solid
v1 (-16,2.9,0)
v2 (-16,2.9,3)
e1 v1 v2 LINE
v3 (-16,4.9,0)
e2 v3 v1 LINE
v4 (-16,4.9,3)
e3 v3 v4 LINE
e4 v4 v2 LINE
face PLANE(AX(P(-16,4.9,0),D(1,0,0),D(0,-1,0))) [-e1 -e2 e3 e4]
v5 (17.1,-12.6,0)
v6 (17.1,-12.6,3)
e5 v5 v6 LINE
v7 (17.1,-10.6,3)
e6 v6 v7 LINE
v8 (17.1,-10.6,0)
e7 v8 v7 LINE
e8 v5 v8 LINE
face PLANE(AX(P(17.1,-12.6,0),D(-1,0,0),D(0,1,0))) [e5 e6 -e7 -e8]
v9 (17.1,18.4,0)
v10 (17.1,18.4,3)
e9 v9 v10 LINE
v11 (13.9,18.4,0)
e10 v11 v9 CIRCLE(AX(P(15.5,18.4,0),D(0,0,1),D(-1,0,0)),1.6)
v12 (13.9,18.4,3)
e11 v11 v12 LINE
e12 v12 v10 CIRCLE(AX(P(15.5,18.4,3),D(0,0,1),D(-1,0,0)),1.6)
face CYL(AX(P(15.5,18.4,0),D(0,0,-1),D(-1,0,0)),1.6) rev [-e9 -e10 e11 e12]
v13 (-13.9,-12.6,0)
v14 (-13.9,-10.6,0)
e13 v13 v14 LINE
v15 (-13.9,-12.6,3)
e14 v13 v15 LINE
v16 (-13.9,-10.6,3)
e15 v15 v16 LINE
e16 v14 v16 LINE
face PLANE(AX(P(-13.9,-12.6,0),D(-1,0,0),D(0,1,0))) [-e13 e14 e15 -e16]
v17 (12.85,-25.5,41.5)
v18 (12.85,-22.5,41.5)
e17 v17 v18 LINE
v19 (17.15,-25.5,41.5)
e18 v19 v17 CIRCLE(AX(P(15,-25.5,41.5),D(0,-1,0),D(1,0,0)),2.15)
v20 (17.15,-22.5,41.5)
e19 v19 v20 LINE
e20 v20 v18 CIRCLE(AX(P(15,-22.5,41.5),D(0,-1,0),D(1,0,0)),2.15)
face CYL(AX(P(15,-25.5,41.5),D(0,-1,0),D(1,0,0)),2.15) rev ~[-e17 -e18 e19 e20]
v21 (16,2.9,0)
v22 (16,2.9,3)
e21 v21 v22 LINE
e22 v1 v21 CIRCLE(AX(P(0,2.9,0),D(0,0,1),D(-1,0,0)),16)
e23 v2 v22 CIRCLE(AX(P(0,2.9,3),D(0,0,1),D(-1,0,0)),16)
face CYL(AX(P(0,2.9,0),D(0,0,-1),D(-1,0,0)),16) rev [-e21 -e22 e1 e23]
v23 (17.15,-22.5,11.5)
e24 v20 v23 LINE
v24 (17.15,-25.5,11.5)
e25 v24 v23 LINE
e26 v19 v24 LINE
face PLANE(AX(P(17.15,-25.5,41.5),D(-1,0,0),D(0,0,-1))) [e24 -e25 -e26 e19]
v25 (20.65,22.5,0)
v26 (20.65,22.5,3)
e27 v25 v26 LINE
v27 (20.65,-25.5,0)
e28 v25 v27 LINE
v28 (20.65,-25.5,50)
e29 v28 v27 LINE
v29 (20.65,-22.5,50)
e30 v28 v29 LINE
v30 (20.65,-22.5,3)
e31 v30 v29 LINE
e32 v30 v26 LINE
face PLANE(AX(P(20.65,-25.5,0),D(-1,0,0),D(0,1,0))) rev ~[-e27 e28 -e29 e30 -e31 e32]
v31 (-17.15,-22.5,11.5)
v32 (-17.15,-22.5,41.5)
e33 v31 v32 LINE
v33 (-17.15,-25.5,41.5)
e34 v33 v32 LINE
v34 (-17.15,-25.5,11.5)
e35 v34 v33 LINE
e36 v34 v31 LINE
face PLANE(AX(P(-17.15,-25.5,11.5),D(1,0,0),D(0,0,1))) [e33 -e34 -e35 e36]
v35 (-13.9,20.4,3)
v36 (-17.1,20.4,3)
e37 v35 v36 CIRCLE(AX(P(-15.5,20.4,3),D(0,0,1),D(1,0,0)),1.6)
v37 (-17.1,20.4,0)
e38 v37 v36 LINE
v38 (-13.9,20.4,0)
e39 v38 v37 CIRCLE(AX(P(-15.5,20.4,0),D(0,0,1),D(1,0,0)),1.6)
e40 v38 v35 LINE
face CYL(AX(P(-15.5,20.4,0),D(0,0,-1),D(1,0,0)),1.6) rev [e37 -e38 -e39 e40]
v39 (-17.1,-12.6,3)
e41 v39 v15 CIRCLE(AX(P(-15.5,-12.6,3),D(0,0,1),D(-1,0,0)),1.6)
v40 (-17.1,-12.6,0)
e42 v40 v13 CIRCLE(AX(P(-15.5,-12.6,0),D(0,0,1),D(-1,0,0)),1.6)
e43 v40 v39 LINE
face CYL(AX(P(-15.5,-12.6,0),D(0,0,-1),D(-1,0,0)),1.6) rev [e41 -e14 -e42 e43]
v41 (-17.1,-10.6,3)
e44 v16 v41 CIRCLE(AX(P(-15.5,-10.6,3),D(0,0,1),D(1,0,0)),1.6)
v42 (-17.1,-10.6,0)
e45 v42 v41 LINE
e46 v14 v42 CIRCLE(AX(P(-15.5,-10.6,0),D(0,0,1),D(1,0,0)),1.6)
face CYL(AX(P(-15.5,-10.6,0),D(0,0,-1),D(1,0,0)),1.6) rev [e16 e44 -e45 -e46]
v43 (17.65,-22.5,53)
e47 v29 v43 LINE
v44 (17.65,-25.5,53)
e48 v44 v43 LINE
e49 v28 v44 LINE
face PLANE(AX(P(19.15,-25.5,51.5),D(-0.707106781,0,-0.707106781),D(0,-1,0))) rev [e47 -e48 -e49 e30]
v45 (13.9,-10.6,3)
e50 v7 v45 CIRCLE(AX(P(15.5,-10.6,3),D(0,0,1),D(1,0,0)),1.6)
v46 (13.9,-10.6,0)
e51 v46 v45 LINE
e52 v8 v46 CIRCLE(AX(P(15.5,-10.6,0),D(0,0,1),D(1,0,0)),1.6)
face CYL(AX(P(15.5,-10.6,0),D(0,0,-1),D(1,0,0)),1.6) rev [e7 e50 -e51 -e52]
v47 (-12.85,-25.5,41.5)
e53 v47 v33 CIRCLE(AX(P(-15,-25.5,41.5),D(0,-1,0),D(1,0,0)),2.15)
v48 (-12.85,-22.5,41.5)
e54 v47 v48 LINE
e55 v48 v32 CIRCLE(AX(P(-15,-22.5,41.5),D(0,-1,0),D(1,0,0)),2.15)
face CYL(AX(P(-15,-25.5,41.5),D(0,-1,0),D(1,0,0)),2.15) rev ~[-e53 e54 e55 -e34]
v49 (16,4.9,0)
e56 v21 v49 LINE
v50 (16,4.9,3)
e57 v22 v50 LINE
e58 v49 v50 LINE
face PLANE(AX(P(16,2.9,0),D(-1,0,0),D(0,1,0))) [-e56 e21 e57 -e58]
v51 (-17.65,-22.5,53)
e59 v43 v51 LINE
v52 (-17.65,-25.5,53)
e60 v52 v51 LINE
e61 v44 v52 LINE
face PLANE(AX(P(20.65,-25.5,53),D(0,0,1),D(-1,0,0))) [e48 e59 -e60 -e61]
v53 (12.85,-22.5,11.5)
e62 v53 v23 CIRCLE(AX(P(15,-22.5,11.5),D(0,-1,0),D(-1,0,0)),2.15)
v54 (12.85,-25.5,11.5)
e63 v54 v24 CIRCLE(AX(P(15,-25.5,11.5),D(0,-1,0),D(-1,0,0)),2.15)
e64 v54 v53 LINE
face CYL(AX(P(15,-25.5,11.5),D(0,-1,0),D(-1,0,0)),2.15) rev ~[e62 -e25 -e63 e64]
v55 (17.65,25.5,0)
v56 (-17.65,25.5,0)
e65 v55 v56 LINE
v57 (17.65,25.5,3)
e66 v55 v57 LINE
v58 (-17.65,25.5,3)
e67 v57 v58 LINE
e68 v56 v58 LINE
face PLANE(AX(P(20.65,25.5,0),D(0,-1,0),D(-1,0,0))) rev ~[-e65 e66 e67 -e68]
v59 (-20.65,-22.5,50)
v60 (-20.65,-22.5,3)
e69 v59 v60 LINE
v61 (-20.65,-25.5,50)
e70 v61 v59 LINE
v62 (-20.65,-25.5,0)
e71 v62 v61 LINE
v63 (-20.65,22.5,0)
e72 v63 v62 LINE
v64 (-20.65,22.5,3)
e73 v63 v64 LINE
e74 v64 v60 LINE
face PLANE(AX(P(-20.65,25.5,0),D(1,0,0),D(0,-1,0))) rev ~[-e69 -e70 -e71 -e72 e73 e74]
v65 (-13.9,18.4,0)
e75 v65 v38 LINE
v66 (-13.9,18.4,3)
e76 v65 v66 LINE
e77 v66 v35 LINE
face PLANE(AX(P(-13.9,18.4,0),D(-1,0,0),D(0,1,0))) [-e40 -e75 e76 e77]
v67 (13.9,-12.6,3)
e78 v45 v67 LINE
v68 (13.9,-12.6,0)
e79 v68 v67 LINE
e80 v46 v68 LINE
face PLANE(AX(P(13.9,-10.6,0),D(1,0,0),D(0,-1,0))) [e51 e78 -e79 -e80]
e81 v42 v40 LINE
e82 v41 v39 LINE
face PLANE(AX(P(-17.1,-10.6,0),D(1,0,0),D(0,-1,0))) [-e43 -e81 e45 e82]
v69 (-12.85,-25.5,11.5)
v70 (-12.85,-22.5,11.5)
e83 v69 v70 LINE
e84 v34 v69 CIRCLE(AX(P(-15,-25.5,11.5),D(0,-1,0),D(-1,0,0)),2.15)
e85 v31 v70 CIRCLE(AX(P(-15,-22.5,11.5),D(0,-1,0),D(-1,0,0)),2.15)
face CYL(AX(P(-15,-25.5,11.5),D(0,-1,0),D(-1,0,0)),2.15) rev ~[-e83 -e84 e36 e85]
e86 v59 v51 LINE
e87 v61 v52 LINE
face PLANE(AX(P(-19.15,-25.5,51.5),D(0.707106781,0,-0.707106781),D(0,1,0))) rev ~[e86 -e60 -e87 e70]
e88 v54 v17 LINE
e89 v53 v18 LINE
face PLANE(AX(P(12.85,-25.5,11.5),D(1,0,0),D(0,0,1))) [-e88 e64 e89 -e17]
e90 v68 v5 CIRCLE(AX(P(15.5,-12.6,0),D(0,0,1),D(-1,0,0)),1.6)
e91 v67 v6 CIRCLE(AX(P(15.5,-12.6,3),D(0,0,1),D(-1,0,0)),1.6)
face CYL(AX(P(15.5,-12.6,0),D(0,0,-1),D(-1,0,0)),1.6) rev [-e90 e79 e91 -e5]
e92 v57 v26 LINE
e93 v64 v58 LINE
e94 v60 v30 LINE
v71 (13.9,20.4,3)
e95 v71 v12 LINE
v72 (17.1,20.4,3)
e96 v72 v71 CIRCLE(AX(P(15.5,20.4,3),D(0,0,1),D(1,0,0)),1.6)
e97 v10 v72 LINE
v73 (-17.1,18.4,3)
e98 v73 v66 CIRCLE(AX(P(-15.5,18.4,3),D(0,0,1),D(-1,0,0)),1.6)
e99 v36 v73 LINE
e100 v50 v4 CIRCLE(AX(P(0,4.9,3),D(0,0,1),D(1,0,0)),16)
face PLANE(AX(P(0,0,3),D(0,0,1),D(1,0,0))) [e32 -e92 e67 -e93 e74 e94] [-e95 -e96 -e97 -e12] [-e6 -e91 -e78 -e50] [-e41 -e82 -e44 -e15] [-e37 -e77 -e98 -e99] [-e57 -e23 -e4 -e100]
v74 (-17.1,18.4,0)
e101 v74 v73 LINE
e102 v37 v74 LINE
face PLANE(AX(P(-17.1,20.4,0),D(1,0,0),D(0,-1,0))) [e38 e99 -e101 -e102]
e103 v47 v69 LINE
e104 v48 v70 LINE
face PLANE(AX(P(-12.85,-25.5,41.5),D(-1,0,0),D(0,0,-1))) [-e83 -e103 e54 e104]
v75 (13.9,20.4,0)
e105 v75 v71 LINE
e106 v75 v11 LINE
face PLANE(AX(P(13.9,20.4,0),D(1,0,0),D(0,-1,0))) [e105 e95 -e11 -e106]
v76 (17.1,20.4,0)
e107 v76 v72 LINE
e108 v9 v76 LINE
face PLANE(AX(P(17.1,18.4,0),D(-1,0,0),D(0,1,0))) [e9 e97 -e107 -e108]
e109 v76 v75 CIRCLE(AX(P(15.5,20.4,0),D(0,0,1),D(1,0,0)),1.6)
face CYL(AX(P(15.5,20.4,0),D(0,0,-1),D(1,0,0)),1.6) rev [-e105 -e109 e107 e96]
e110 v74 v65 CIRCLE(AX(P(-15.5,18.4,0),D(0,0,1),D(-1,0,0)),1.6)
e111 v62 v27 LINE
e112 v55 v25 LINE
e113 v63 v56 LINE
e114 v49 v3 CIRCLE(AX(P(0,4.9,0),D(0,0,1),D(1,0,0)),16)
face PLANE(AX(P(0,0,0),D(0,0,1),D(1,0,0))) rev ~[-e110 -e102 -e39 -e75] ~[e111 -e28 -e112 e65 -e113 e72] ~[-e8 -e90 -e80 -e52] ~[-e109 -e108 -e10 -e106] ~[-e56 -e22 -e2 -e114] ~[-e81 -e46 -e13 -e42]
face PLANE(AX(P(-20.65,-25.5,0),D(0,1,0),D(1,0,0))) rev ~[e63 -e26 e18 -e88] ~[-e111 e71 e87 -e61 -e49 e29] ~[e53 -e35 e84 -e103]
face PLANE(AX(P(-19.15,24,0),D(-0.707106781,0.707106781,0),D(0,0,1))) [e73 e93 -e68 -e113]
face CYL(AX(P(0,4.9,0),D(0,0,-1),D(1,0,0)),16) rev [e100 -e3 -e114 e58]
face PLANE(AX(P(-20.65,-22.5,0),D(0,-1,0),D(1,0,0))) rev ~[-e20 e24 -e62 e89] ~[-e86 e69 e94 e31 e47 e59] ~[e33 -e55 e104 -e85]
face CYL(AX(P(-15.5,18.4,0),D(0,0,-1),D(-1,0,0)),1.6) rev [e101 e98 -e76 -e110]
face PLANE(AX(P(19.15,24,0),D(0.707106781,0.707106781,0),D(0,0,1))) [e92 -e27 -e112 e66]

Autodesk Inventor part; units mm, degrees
ref_plane "YZ Plane" through (0, 0, 0) normal (1, 0, 0) x (0, 1, 0)
ref_plane "XZ Plane" through (0, 0, 0) normal (0, 1, 0) x (-1, 0, 0)
ref_plane "XY Plane" through (0, 0, 0) normal (0, 0, 1) x (1, 0, 0)
sketch "Sketch1" plane through (0, 0, 0) normal (0, 0, 1) x (1, 0, 0)
  line L0 (-20.65, -25.5) -> (20.65, -25.5)
  line L1 (20.65, -25.5) -> (20.65, 25.5)
  line L2 (20.65, 25.5) -> (-20.65, 25.5)
  line L3 (-20.65, 25.5) -> (-20.65, -25.5)
  line L4 (-20.65, -25.5) -> (20.65, 25.5) construction
  line L5 (20.65, -25.5) -> (-20.65, 25.5) construction
  line L6 (0, 2.9) -> (0, 4.9) construction
  line L7 (16, 2.9) -> (16, 4.9)
  line L8 (-16, 4.9) -> (-16, 2.9)
  arc A0 (-16, 2.9) -> (16, 2.9) centre (0, 2.9) ccw
  arc A1 (16, 4.9) -> (-16, 4.9) centre (0, 4.9) ccw
  line L9 (-15.5, 20.4) -> (-15.5, 18.4) construction
  line L10 (-17.1, 20.4) -> (-17.1, 18.4)
  line L11 (-13.9, 18.4) -> (-13.9, 20.4)
  arc A2 (-13.9, 20.4) -> (-17.1, 20.4) centre (-15.5, 20.4) ccw
  arc A3 (-17.1, 18.4) -> (-13.9, 18.4) centre (-15.5, 18.4) ccw
  line L12 (15.5, 20.4) -> (15.5, 18.4) construction
  line L13 (13.9, 20.4) -> (13.9, 18.4)
  line L14 (17.1, 18.4) -> (17.1, 20.4)
  arc A4 (17.1, 20.4) -> (13.9, 20.4) centre (15.5, 20.4) ccw
  arc A5 (13.9, 18.4) -> (17.1, 18.4) centre (15.5, 18.4) ccw
  line L15 (15.5, -10.6) -> (15.5, -12.6) construction
  line L16 (13.9, -10.6) -> (13.9, -12.6)
  line L17 (17.1, -12.6) -> (17.1, -10.6)
  arc A6 (17.1, -10.6) -> (13.9, -10.6) centre (15.5, -10.6) ccw
  arc A7 (13.9, -12.6) -> (17.1, -12.6) centre (15.5, -12.6) ccw
  line L18 (-15.5, -10.6) -> (-15.5, -12.6) construction
  line L19 (-17.1, -10.6) -> (-17.1, -12.6)
  line L20 (-13.9, -12.6) -> (-13.9, -10.6)
  arc A8 (-13.9, -10.6) -> (-17.1, -10.6) centre (-15.5, -10.6) ccw
  arc A9 (-17.1, -12.6) -> (-13.9, -12.6) centre (-15.5, -12.6) ccw
  point P0 (0, 0)
  point P1 (0, 3.9)
  point P2 (-15.5, 19.4)
  point P3 (15.5, 19.4)
  point P4 (15.5, -11.6)
  point P5 (-15.5, -11.6)
  dimension "d0" = 51
  dimension "d1" = 41.3
  dimension "d2" = 28.4
  dimension "d3" = 2
  dimension "d4" = 16
  dimension "d5" = 2
  dimension "d6" = 31
  dimension "d7" = 31
  dimension "d8" = 1.6
  dimension "d10" = 15.5
  dimension "d11" = 15.5
  dimension "d22" = 51
extrude "Extrusion1" add sketch "Sketch1" along normal blind 3
sketch "Sketch2" plane through (-20.65, -25.5, 0) normal (0, -1, 0) x (1, 0, 0)
  line L0 (41.3, 0) -> (41.3, 3) projected
  line L1 (0, 0) -> (41.3, 0)
  line L2 (41.3, 0) -> (41.3, 53)
  line L3 (41.3, 53) -> (0, 53)
  line L4 (0, 53) -> (0, 0)
  line L5 (5.65, 11.5) -> (5.65, 41.5) construction
  line L6 (3.5, 11.5) -> (3.5, 41.5)
  line L7 (7.8, 41.5) -> (7.8, 11.5)
  arc A0 (3.5, 11.5) -> (7.8, 11.5) centre (5.65, 11.5) ccw
  arc A1 (7.8, 41.5) -> (3.5, 41.5) centre (5.65, 41.5) ccw
  line L8 (35.65, 11.5) -> (35.65, 41.5) construction
  line L9 (33.5, 11.5) -> (33.5, 41.5)
  line L10 (37.8, 41.5) -> (37.8, 11.5)
  arc A2 (33.5, 11.5) -> (37.8, 11.5) centre (35.65, 11.5) ccw
  arc A3 (37.8, 41.5) -> (33.5, 41.5) centre (35.65, 41.5) ccw
  line L11 (0, 26.5) -> (5.65, 26.5) construction
  line L12 (5.65, 26.5) -> (35.65, 26.5) construction
  line L13 (20.65, 26.5) -> (20.65, 53) construction
  point P0 (20.65, 0)
  dimension "d14" = 53
  dimension "d23" = 4.3
  dimension "d24" = 30
  dimension "d25" = 30
extrude "Extrusion3" add sketch "Sketch2" against normal blind 3
chamfer "Chamfer1" distance 3 angle 45 4 edges at (20.65, 25.5, 1.5) (-20.65, 25.5, 1.5) (-20.65, -24, 53) (20.65, -24, 53)
equation "\"d10\" = 0.5 * d7"
equation "\"d11\" = 0.5 * d6"
properties part number "StepperMount"
